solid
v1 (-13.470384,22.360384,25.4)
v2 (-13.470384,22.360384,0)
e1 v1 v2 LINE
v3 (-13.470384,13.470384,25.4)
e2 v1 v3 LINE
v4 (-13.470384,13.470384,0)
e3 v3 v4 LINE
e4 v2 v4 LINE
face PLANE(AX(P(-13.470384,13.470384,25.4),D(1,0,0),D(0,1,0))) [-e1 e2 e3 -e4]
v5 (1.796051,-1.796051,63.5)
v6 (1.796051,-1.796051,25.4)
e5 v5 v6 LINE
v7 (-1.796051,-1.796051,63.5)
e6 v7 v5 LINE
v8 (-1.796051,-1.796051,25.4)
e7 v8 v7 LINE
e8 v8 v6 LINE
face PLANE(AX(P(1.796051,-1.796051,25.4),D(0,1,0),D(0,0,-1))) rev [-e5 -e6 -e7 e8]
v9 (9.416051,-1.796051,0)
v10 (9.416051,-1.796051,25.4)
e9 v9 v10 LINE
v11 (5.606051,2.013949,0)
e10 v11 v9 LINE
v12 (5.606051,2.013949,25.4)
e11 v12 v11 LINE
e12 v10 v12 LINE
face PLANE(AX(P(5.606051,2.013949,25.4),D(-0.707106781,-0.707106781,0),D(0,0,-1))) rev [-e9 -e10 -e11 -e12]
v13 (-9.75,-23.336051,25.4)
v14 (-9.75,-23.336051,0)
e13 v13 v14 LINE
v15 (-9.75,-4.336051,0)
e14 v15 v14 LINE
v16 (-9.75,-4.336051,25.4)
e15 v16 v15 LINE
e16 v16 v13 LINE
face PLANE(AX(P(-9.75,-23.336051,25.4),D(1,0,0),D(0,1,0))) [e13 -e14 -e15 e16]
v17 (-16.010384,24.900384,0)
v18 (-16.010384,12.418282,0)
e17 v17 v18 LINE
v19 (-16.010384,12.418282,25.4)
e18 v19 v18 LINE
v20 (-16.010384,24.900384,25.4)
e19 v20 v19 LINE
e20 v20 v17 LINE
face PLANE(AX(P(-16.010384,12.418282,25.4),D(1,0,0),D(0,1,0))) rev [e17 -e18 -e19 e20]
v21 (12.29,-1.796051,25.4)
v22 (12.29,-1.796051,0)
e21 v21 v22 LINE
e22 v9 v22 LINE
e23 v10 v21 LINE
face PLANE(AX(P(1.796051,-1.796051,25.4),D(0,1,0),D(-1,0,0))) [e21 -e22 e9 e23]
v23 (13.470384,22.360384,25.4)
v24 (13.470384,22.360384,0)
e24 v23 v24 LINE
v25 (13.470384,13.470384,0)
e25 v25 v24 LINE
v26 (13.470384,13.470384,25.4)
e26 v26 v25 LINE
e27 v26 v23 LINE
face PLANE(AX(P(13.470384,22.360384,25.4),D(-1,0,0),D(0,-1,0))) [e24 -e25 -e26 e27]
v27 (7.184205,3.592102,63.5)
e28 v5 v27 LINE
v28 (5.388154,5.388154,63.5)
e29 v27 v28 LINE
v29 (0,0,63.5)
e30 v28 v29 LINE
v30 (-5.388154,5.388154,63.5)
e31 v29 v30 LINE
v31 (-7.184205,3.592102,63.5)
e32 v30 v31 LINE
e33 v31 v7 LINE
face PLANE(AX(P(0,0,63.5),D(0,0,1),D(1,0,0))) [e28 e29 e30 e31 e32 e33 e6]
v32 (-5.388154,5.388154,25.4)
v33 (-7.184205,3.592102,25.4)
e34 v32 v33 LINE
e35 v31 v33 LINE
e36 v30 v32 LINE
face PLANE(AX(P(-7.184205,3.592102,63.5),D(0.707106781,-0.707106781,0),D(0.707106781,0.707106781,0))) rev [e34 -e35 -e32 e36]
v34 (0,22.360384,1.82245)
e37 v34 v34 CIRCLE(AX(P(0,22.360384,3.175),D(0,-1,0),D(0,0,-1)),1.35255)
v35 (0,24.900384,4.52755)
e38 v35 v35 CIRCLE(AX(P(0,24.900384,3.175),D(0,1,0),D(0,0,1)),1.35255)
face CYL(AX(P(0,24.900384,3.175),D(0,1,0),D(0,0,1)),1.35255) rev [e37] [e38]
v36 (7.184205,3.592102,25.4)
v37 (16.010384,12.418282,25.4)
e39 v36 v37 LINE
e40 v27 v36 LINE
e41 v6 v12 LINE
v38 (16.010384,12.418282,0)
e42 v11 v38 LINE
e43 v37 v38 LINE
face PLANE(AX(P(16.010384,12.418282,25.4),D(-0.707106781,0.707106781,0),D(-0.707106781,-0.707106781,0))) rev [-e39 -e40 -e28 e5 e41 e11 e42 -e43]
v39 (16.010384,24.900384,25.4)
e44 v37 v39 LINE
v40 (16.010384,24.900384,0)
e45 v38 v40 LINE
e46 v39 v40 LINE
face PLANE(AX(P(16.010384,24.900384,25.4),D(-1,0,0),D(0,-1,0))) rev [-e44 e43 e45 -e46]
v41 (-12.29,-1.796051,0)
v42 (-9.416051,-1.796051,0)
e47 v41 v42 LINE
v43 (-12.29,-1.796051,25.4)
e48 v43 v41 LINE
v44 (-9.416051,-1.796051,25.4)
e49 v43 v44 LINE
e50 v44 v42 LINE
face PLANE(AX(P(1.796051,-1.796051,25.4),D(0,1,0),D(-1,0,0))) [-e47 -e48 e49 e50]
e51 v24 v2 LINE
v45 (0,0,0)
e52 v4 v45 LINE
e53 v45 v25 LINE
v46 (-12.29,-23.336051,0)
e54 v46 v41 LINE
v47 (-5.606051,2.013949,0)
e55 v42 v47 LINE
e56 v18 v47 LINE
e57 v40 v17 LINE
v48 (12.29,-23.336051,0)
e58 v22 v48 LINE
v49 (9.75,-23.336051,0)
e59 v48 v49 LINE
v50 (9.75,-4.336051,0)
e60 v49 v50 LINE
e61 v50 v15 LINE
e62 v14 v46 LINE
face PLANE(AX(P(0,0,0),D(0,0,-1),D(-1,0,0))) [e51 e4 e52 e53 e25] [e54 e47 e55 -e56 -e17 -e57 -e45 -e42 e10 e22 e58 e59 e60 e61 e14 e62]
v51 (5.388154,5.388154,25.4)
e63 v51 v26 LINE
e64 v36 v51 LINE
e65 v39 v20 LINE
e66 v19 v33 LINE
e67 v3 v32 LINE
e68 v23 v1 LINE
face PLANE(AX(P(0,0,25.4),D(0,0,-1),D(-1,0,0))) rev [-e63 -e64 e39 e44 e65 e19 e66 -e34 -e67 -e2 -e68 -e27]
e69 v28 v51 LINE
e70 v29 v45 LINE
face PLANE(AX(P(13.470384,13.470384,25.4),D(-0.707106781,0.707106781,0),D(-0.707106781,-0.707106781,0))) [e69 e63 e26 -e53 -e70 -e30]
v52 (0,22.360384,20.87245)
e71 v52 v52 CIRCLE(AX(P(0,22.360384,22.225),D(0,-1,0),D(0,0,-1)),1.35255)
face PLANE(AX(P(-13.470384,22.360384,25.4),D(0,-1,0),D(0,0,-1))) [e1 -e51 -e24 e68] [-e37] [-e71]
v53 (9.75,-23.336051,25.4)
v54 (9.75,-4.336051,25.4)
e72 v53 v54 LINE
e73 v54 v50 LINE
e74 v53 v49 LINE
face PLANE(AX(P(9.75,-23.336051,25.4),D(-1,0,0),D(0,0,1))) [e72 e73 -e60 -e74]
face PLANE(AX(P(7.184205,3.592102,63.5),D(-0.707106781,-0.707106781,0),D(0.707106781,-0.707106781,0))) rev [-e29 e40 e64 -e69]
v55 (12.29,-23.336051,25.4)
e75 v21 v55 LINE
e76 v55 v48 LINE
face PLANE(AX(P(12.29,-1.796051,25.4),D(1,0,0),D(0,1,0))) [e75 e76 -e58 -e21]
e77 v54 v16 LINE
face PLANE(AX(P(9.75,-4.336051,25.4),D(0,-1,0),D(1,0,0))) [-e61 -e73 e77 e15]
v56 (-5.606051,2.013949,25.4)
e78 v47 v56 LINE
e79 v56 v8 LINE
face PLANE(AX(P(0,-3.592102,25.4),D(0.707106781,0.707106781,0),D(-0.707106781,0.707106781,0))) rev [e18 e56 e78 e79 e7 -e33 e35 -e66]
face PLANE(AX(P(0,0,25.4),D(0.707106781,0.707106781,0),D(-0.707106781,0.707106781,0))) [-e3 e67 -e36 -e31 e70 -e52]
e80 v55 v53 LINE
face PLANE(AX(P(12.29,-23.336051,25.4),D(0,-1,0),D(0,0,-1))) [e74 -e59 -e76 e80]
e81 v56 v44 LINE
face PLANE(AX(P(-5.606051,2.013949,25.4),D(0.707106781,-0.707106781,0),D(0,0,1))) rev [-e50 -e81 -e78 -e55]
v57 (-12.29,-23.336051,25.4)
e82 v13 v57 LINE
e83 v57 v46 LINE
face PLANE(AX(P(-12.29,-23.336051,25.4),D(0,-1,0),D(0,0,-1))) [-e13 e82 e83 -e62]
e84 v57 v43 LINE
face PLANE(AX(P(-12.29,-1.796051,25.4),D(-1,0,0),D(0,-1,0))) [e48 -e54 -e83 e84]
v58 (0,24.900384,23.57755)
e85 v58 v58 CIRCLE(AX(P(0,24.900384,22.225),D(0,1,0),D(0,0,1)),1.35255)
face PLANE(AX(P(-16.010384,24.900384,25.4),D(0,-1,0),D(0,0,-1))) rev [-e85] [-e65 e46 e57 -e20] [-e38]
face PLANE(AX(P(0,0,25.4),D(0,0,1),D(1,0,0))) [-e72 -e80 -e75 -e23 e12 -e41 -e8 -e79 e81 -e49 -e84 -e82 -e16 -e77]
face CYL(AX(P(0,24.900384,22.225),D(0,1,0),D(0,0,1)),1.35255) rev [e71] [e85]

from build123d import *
from OCP.BRepFilletAPI import BRepFilletAPI_MakeChamfer

# Parameters (mm, degrees)
BOSS_EXTRUDE1_DEPTH       = 25.4
BOSS_EXTRUDE2_DEPTH       = 38.1
F_6_32_TAPPED_HOLE1_D     = 2.7051
F_6_32_TAPPED_HOLE1_DEPTH = 12.7
F_6_32_TAPPED_HOLE1_TIP   = 0.8126940302657266
CHAMFER1_SIZE             = 2.54
BOSS_EXTRUDE3_DEPTH       = 25.4
CHAMFER2_SIZE             = 7.619999999999999
CHAMFER2_SIZE2            = 5.388153672641502


with BuildPart() as part:
    # Sketch1 → Boss-Extrude1 (new body)
    with BuildSketch(Plane.XY):
        Polygon((0, -3.592102448427662), (-16.01038418160373, 12.418281733176066), (-16.010384181603733, 24.90038418160373), (16.01038418160373, 24.90038418160373), (16.010384181603733, 12.418281733176075), align=None)
        Polygon((0, 0), (-13.47038418160373, 13.47038418160373), (-13.470384181603732, 22.360384181603727), (13.470384181603732, 22.360384181603727), (13.47038418160373, 13.47038418160373), align=None, mode=Mode.SUBTRACT)
    extrude(amount=BOSS_EXTRUDE1_DEPTH)

    # Sketch2 → Boss-Extrude2 (add)
    with BuildSketch(Plane.XY.offset(25.4)):
        Polygon((0, 0), (-5.388153672641493, 5.388153672641493), (-7.184204896855324, 3.592102448427661), (0, -3.592102448427662), (7.184204896855322, 3.5921024484276627), (5.388153672641491, 5.3881536726414945), align=None)
    extrude(amount=BOSS_EXTRUDE2_DEPTH)

    # #6-32 Tapped Hole1
    with Locations(Plane(origin=(0, 24.90038418160373, 0), x_dir=(1, 0, 0), z_dir=(0, 1, 0))):
        with Locations((0, -3.175), (0, -22.225)):
            Hole(F_6_32_TAPPED_HOLE1_D / 2, depth=F_6_32_TAPPED_HOLE1_DEPTH)
            with Locations((0, 0, -(F_6_32_TAPPED_HOLE1_DEPTH + F_6_32_TAPPED_HOLE1_TIP / 2))):  # 118° drill point
                Cone(0, F_6_32_TAPPED_HOLE1_D / 2, F_6_32_TAPPED_HOLE1_TIP, mode=Mode.SUBTRACT)

    # Chamfer1
    chamfer1_edges = [part.edges().sort_by_distance(p)[0] for p in [
        (0, -3.592102448427662, 31.75),
    ]]
    chamfer(chamfer1_edges, length=CHAMFER1_SIZE)

    # Sketch5 → Boss-Extrude3 (add)
    with BuildSketch(Plane(origin=(0, 0, 0), x_dir=(-1, 0, 0), z_dir=(0, 0, -1))):
        Polygon((1.7960512242138398, -1.7960512242138225), (-1.7960512242138331, -1.7960512242138298), (-12.29, -1.796051224213831), (-12.289999999999996, -23.336051224213833), (-9.749999999999998, -23.336051224213833), (-9.749999999999998, -4.336051224213831), (9.749999999999998, -4.336051224213828), (9.750000000000005, -23.33605122421383), (12.290000000000003, -23.33605122421383), (12.29, -1.796051224213828), align=None)
    extrude(amount=-BOSS_EXTRUDE3_DEPTH)

    # Chamfer2: one chamfer whose edges measure the first distance from different faces: ONE call of the kernel's chamfer builder (chamfer() names one face for all edges)
    chamfer2_edges_1 = [part.edges().sort_by_distance(p)[0] for p in [
        (1.7960512242138322, -1.7960512242138291, 12.7),
    ]]
    chamfer2_side_1 = [part.faces().sort_by_distance(p)[0] for p in [
        (7.0430256121069155, -1.7960512242138404, 12.7),
    ]]
    chamfer2_edges_2 = [part.edges().sort_by_distance(p)[0] for p in [
        (-1.7960512242138293, -1.7960512242138293, 12.7),
    ]]
    chamfer2_side_2 = [part.faces().sort_by_distance(p)[0] for p in [
        (-7.043025612106914, -1.7960512242138118, 12.7),
    ]]
    chamfer2 = BRepFilletAPI_MakeChamfer(part.part.solid().wrapped)
    for e in chamfer2_edges_1:
        chamfer2.Add(CHAMFER2_SIZE, CHAMFER2_SIZE2, e.wrapped, chamfer2_side_1[0].wrapped)  # the first distance lies on this face
    for e in chamfer2_edges_2:
        chamfer2.Add(CHAMFER2_SIZE, CHAMFER2_SIZE2, e.wrapped, chamfer2_side_2[0].wrapped)  # the first distance lies on this face
    add(Compound.cast(chamfer2.Shape()), mode=Mode.REPLACE)


solid = part.part
